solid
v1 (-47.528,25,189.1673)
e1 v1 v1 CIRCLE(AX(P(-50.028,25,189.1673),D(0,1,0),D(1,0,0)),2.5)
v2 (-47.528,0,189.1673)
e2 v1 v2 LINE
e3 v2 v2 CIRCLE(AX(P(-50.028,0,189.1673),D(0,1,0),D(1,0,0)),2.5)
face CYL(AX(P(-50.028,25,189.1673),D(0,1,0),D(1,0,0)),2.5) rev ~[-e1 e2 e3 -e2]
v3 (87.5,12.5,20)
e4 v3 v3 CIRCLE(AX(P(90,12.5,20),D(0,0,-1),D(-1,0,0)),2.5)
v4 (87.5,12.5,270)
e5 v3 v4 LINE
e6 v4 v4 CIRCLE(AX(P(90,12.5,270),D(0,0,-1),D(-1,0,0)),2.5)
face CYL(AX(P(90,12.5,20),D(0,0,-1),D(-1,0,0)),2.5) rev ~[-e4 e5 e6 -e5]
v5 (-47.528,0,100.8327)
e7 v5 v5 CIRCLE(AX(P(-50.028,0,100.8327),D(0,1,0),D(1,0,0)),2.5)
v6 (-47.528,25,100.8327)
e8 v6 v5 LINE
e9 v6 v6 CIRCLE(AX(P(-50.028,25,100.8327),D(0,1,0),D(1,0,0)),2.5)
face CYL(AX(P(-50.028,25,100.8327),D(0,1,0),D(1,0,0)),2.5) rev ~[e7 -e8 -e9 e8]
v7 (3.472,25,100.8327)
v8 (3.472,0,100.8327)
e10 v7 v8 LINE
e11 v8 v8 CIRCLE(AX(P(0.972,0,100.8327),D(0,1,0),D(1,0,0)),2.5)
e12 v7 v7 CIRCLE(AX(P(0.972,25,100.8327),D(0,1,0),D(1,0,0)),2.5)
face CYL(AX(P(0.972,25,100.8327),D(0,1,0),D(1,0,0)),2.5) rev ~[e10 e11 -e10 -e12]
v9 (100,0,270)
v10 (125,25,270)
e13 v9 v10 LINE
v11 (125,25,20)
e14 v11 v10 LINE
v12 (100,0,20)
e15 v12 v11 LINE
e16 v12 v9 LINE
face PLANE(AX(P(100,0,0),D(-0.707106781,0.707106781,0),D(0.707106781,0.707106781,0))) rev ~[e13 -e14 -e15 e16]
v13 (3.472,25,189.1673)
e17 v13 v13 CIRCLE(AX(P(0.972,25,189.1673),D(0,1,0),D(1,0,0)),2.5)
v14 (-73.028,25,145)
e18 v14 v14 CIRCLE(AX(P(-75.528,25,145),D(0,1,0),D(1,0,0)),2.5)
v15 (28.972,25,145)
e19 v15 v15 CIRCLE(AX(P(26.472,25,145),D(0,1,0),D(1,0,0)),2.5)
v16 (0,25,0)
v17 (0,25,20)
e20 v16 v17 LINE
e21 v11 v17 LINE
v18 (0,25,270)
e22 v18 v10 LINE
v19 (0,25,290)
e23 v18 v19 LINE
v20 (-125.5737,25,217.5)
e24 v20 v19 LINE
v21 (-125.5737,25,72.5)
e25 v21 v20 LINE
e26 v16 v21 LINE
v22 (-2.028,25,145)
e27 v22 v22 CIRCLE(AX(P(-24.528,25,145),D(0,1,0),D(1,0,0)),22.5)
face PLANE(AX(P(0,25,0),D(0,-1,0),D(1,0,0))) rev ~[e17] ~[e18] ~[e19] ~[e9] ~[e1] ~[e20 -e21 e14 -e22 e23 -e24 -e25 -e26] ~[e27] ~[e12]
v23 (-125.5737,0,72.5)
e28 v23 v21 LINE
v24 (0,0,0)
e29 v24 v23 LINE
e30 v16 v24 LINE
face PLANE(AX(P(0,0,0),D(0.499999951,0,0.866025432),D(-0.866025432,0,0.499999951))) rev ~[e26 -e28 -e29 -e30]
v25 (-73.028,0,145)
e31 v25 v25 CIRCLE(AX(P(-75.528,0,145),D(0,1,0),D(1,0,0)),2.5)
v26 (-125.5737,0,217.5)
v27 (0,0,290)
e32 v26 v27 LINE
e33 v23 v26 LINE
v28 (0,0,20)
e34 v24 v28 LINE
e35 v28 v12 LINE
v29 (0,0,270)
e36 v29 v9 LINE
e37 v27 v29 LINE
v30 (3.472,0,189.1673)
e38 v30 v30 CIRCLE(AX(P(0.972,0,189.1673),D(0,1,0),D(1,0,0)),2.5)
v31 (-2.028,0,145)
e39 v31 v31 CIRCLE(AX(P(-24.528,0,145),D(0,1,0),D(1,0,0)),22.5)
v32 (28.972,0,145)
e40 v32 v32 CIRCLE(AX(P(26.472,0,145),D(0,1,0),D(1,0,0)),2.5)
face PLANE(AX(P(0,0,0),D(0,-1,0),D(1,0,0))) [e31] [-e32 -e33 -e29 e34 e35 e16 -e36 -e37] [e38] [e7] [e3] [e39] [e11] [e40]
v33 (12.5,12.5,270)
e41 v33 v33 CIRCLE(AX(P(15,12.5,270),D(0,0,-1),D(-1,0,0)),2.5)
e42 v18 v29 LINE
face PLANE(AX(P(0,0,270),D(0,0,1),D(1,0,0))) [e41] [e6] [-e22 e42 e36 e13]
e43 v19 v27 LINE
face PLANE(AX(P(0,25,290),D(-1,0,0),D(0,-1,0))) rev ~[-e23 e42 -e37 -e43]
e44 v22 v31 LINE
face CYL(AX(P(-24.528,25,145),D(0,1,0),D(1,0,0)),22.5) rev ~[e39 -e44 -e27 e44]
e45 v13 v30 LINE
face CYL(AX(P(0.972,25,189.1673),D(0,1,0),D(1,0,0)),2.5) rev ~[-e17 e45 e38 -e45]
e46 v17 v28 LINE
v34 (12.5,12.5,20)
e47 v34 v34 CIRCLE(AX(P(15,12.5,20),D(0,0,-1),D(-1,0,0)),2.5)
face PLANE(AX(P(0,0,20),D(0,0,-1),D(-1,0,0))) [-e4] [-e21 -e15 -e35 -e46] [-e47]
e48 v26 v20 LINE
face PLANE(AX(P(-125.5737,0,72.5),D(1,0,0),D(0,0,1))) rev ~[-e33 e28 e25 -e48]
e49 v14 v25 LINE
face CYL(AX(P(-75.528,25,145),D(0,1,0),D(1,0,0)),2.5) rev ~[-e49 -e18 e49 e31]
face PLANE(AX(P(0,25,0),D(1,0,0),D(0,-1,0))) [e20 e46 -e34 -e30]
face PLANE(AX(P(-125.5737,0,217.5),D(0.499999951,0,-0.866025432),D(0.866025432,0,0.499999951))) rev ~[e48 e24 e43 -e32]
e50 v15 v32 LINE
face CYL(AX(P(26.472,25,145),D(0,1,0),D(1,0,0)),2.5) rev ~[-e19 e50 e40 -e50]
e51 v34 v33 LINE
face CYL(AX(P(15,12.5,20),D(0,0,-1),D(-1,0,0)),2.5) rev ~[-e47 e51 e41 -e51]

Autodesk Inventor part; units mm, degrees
ref_plane "XZ Plane" through (0, 0, 0) normal (0, 1, 0) x (-1, 0, 0)
ref_plane "XY Plane" through (0, 0, 0) normal (0, 0, 1) x (1, 0, 0)
sketch "Sketch1" plane through (0, 0, 0) normal (0, 0, 1) x (1, 0, 0)
  line L0 (0, 0) -> (100, 0)
  line L1 (100, 0) -> (100, 25)
  line L2 (100, 25) -> (0, 25)
  line L3 (0, 25) -> (0, 0)
  line L4 (0, 25) -> (115.2078, 140.2078)
  line L5 (100, 0) -> (177.7078, 77.7078)
  line L6 (151.2922, 176.2922) -> (200.5844, 163.0844)
  line L7 (200.5844, 163.0844) -> (213.7922, 113.7922)
  line L8 (213.7922, 113.7922) -> (177.7078, 77.7078)
  line L9 (177.7078, 77.7078) -> (128.4156, 90.9156)
  line L10 (128.4156, 90.9156) -> (115.2078, 140.2078)
  line L11 (115.2078, 140.2078) -> (151.2922, 176.2922)
  circle A0 centre (164.5, 127) radius 4
  dimension "d0" = 100
  dimension "d1" = 25
  dimension "d6" = 8
  dimension "d8" = 45
  dimension "d15" = 127
extrude "Extrusion1" add sketch "Sketch1" along normal blind 20
sketch "Sketch2" plane through (0, 0, 20) normal (0, 0, 1) x (1, 0, 0)
  line L0 (0, 25) -> (0, 0) projected
  line L1 (0, 0) -> (100, 0) projected
  line L2 (0, 25) -> (100, 25)
  line L3 (100, 25) -> (100, 0)
  line L4 (100, 0) -> (0, 0)
  line L5 (0, 0) -> (0, 25)
  line L6 (100, 25) -> (125, 25)
  line L7 (100, 0) -> (213.7922, 113.7922) projected
  line L8 (100, 0) -> (125, 25)
extrude "Extrusion2" add sketch "Sketch2" along normal blind 250
sketch "Sketch4" plane through (0, 0, 270) normal (0, 0, 1) x (1, 0, 0)
  line L0 (0, 25) -> (125, 25) projected
  line L1 (125, 25) -> (213.7922, 113.7922) projected
  line L2 (213.7922, 113.7922) -> (200.5844, 163.0844) projected
  line L3 (200.5844, 163.0844) -> (151.2922, 176.2922) projected
  line L4 (151.2922, 176.2922) -> (0, 25) projected
  circle A0 centre (164.5, 127) radius 4 projected
  line L5 (100, 0) -> (125, 25) projected
  line L6 (125, 25) -> (0, 25) projected
  line L7 (0, 25) -> (0, 0) projected
  line L8 (0, 0) -> (100, 0) projected
extrude "Extrusion3" add sketch "Sketch4" along normal blind 20
sketch "Sketch5" plane through (0, 0, 0) normal (0, -1, 0) x (1, 0, 0)
  line L0 (0, 0) -> (100, 0) projected
  line L1 (100, 0) -> (100, 290) projected
  line L2 (0, 290) -> (100, 290) projected
  line L3 (0, 0) -> (0, 290) projected
  line L4 (0, 0) -> (-125.5737, 72.5)
  line L5 (-125.5737, 72.5) -> (-125.5737, 217.5)
  line L6 (-125.5737, 217.5) -> (0, 290)
  line L7 (0, 290) -> (125.5737, 217.5)
  line L8 (125.5737, 217.5) -> (125.5737, 72.5)
  line L9 (125.5737, 72.5) -> (0, 0)
  point P0 (0, 145)
extrude "Extrusion4" add sketch "Sketch5" against normal blind 25 contours L4 L5 L6 L3
sketch "Sketch6" plane through (0, 25, 20) normal (0, 1, 0) x (1, 0, 0)
  line L0 (100, 20) -> (100, -270) projected
  circle A0 centre (-24.528, -125) radius 3
  circle A1 centre (-31.528, -125) radius 1.5
  circle A2 centre (-21.028, -131.0622) radius 1.5
  circle A3 centre (-21.028, -118.9378) radius 1.5
  point P0 (0, 20)
  point P1 (100, -125)
  dimension "d18" = 6
  dimension "d19" = 124.528
  dimension "d20" = 3
  dimension "d21" = 7
  dimension "d24" = 360
extrude "Extrusion5" cut sketch "Sketch6" against normal through all
sketch "Sketch7" plane through (100, 0, 0) normal (0, -1, 0) x (1, 0, 0)
  circle A0 centre (-124.528, 145) radius 3 projected
  circle A1 centre (-124.528, 145) radius 12
  point P0 (-100, 0)
  dimension "d28" = 24
extrude "Extrusion6" cut sketch "Sketch7" against normal blind 5
sketch "Sketch8" plane through (0, 0, 270) normal (0, 0, -1) x (-1, 0, 0)
  circle A0 centre (-164.5, 127) radius 4 projected
  circle A1 centre (-164.5, 127) radius 12.5
  point P0 (0, 0)
  dimension "d31" = 25
extrude "Extrusion7" cut sketch "Sketch8" against normal blind 7
sketch "Sketch10" plane through (164.5, 127, 277) normal (0, 0, -1) x (-1, 0, 0)
  circle A0 centre (7, 0) radius 2
  circle A1 centre (0, 0) radius 4 projected
  circle A2 centre (-3.5, 6.0622) radius 2
  circle A3 centre (-3.5, -6.0622) radius 2
  point P0 (164.5, -127)
  dimension "d34" = 4
  dimension "d37" = 360
  dimension "d39" = 7
extrude "Extrusion8" cut sketch "Sketch10" against normal through all
sketch "Sketch11" plane through (0, 0, 290) normal (0, 0, 1) x (1, 0, 0)
  circle A0 centre (168, 133.0622) radius 2 projected
  circle A1 centre (164.5, 127) radius 4 projected
  circle A2 centre (168, 133.0622) radius 4
  circle A3 centre (157.5, 127) radius 4
  circle A4 centre (168, 120.9378) radius 4
  point P0 (0, 0)
  dimension "d42" = 8
  dimension "d45" = 360
extrude "Extrusion9" cut sketch "Sketch11" against normal blind 3 contours A0 | A1 A4 A3 A2 | A2 A1 | A1 A2 | A4 A1 | A1 A4 | A3 A1 | A1 A3
ref_plane "Work Plane1" through (164.5, 127, 270) normal (1, 0, 0) x (0, 0, 1)
sketch "Sketch12" plane through (164.5, 127, 270) normal (1, 0, 0) x (0, 0, 1)
  line L0 (17, -1.9365) -> (17, 1.9365) projected
  line L1 (17, 1.9365) -> (20, 1.9365) projected
  line L2 (20, 3.9993) -> (20, 1.9365) projected
  line L3 (20, 3.9993) -> (17, 3.9993) projected
  line L4 (17, 3.9993) -> (17, 2.0628) projected
  line L5 (17, 2.0628) -> (20, 2.0628) projected
  line L6 (20, -2.0628) -> (20, 2.0628) projected
  line L7 (20, -2.0628) -> (17, -2.0628) projected
  line L8 (17, -2.0628) -> (17, -3.9993) projected
  line L9 (17, -3.9993) -> (20, -3.9993) projected
  line L10 (20, -1.9365) -> (20, -3.9993) projected
  line L11 (20, -1.9365) -> (17, -1.9365) projected
  line L12 (7, 4) -> (7, -4) projected
  line L13 (7, -12.5) -> (7, 12.5) projected
  line L14 (0, -12.5) -> (0, 12.5) projected
  circle A0 centre (3.5, 0) radius 2
  line L15 (0, -12.5) -> (7, -12.5) projected
  point P0 (-270, 127)
  point P1 (7, 0)
  point P2 (3.5, -12.5)
  dimension "d50" = 4
extrude "Extrusion10" cut sketch "Sketch12" along normal through all contours A0
sketch "Sketch13" plane through (0, 0, 290) normal (0, 0, 1) x (1, 0, 0)
  line L0 (100, 0) -> (213.7922, 113.7922) projected
  line L1 (213.7922, 113.7922) -> (200.5844, 163.0844) projected
  line L2 (200.5844, 163.0844) -> (151.2922, 176.2922) projected
  line L3 (151.2922, 176.2922) -> (0, 25) projected
  line L4 (0, 25) -> (0, 0) projected
  line L5 (0, 0) -> (100, 0) projected
  arc A0 (161, 128.9365) -> (161, 125.0635) centre (157.5, 127) ccw projected
  arc A1 (164.5729, 130.9993) -> (161, 128.9365) centre (164.5, 127) ccw projected
  arc A2 (167.9271, 129.0628) -> (164.5729, 130.9993) centre (168, 133.0622) ccw projected
  arc A3 (167.9271, 124.9372) -> (167.9271, 129.0628) centre (164.5, 127) ccw projected
  arc A4 (164.5729, 123.0007) -> (167.9271, 124.9372) centre (168, 120.9378) ccw projected
  arc A5 (161, 125.0635) -> (164.5729, 123.0007) centre (164.5, 127) ccw projected
extrude "Extrusion11" cut sketch "Sketch13" against normal blind 20 contours L5 L4 L3 L2 L1 L0 | A1 A2 A3 A4 A5 A0
sketch "Sketch14" plane through (0, 0, 0) normal (0, 0, -1) x (-1, 0, 0)
  circle A0 centre (-164.5, 127) radius 4 projected
  line L0 (0, 0) -> (-100, 0) projected
  line L1 (0, 25) -> (0, 0) projected
  line L2 (-151.2922, 176.2922) -> (0, 25) projected
  line L3 (-200.5844, 163.0844) -> (-151.2922, 176.2922) projected
  line L4 (-213.7922, 113.7922) -> (-200.5844, 163.0844) projected
  line L5 (-100, 0) -> (-213.7922, 113.7922) projected
extrude "Extrusion12" cut sketch "Sketch14" against normal blind 20
sketch "Sketch15" plane through (0, 0, 20) normal (0, 0, -1) x (-1, 0, 0)
  circle A0 centre (-90, 12.5) radius 2.5
  circle A1 centre (-15, 12.5) radius 2.5
  line L0 (-90, 12.5) -> (-15, 12.5) construction
  line L1 (0, 0) -> (-100, 0) projected
  dimension "d57" = 5
  dimension "d58" = 5
  dimension "d59" = 75
  dimension "d60" = 12.5
  dimension "d61" = 10
extrude "Extrusion13" cut sketch "Sketch15" against normal through all
sketch "Sketch16" plane through (-125.5737, 25, 217.5) normal (0, 1, 0) x (1, 0, 0)
  circle A0 centre (101.0457, 72.5) radius 22.5
  circle A1 centre (101.0457, 72.5) radius 3 construction
  point P0 (125.5737, 217.5)
  dimension "d64" = 45
extrude "Extrusion14" cut sketch "Sketch16" against normal through all
sketch "Sketch17" plane through (-125.5737, 25, 217.5) normal (0, 1, 0) x (1, 0, 0)
  circle A0 centre (50.0457, 72.5) radius 2.5
  circle A1 centre (101.0457, 72.5) radius 22.5 construction
  circle A2 centre (75.5457, 28.3327) radius 2.5
  circle A3 centre (126.5457, 28.3327) radius 2.5
  circle A4 centre (152.0457, 72.5) radius 2.5
  circle A5 centre (126.5457, 116.6673) radius 2.5
  circle A6 centre (75.5457, 116.6673) radius 2.5
  point P0 (125.5737, 217.5)
  dimension "d68" = 5
  dimension "d69" = 51
  dimension "d72" = 360
extrude "Extrusion15" cut sketch "Sketch17" against normal through all
properties part number "HA02" material "ABS Plastic"
